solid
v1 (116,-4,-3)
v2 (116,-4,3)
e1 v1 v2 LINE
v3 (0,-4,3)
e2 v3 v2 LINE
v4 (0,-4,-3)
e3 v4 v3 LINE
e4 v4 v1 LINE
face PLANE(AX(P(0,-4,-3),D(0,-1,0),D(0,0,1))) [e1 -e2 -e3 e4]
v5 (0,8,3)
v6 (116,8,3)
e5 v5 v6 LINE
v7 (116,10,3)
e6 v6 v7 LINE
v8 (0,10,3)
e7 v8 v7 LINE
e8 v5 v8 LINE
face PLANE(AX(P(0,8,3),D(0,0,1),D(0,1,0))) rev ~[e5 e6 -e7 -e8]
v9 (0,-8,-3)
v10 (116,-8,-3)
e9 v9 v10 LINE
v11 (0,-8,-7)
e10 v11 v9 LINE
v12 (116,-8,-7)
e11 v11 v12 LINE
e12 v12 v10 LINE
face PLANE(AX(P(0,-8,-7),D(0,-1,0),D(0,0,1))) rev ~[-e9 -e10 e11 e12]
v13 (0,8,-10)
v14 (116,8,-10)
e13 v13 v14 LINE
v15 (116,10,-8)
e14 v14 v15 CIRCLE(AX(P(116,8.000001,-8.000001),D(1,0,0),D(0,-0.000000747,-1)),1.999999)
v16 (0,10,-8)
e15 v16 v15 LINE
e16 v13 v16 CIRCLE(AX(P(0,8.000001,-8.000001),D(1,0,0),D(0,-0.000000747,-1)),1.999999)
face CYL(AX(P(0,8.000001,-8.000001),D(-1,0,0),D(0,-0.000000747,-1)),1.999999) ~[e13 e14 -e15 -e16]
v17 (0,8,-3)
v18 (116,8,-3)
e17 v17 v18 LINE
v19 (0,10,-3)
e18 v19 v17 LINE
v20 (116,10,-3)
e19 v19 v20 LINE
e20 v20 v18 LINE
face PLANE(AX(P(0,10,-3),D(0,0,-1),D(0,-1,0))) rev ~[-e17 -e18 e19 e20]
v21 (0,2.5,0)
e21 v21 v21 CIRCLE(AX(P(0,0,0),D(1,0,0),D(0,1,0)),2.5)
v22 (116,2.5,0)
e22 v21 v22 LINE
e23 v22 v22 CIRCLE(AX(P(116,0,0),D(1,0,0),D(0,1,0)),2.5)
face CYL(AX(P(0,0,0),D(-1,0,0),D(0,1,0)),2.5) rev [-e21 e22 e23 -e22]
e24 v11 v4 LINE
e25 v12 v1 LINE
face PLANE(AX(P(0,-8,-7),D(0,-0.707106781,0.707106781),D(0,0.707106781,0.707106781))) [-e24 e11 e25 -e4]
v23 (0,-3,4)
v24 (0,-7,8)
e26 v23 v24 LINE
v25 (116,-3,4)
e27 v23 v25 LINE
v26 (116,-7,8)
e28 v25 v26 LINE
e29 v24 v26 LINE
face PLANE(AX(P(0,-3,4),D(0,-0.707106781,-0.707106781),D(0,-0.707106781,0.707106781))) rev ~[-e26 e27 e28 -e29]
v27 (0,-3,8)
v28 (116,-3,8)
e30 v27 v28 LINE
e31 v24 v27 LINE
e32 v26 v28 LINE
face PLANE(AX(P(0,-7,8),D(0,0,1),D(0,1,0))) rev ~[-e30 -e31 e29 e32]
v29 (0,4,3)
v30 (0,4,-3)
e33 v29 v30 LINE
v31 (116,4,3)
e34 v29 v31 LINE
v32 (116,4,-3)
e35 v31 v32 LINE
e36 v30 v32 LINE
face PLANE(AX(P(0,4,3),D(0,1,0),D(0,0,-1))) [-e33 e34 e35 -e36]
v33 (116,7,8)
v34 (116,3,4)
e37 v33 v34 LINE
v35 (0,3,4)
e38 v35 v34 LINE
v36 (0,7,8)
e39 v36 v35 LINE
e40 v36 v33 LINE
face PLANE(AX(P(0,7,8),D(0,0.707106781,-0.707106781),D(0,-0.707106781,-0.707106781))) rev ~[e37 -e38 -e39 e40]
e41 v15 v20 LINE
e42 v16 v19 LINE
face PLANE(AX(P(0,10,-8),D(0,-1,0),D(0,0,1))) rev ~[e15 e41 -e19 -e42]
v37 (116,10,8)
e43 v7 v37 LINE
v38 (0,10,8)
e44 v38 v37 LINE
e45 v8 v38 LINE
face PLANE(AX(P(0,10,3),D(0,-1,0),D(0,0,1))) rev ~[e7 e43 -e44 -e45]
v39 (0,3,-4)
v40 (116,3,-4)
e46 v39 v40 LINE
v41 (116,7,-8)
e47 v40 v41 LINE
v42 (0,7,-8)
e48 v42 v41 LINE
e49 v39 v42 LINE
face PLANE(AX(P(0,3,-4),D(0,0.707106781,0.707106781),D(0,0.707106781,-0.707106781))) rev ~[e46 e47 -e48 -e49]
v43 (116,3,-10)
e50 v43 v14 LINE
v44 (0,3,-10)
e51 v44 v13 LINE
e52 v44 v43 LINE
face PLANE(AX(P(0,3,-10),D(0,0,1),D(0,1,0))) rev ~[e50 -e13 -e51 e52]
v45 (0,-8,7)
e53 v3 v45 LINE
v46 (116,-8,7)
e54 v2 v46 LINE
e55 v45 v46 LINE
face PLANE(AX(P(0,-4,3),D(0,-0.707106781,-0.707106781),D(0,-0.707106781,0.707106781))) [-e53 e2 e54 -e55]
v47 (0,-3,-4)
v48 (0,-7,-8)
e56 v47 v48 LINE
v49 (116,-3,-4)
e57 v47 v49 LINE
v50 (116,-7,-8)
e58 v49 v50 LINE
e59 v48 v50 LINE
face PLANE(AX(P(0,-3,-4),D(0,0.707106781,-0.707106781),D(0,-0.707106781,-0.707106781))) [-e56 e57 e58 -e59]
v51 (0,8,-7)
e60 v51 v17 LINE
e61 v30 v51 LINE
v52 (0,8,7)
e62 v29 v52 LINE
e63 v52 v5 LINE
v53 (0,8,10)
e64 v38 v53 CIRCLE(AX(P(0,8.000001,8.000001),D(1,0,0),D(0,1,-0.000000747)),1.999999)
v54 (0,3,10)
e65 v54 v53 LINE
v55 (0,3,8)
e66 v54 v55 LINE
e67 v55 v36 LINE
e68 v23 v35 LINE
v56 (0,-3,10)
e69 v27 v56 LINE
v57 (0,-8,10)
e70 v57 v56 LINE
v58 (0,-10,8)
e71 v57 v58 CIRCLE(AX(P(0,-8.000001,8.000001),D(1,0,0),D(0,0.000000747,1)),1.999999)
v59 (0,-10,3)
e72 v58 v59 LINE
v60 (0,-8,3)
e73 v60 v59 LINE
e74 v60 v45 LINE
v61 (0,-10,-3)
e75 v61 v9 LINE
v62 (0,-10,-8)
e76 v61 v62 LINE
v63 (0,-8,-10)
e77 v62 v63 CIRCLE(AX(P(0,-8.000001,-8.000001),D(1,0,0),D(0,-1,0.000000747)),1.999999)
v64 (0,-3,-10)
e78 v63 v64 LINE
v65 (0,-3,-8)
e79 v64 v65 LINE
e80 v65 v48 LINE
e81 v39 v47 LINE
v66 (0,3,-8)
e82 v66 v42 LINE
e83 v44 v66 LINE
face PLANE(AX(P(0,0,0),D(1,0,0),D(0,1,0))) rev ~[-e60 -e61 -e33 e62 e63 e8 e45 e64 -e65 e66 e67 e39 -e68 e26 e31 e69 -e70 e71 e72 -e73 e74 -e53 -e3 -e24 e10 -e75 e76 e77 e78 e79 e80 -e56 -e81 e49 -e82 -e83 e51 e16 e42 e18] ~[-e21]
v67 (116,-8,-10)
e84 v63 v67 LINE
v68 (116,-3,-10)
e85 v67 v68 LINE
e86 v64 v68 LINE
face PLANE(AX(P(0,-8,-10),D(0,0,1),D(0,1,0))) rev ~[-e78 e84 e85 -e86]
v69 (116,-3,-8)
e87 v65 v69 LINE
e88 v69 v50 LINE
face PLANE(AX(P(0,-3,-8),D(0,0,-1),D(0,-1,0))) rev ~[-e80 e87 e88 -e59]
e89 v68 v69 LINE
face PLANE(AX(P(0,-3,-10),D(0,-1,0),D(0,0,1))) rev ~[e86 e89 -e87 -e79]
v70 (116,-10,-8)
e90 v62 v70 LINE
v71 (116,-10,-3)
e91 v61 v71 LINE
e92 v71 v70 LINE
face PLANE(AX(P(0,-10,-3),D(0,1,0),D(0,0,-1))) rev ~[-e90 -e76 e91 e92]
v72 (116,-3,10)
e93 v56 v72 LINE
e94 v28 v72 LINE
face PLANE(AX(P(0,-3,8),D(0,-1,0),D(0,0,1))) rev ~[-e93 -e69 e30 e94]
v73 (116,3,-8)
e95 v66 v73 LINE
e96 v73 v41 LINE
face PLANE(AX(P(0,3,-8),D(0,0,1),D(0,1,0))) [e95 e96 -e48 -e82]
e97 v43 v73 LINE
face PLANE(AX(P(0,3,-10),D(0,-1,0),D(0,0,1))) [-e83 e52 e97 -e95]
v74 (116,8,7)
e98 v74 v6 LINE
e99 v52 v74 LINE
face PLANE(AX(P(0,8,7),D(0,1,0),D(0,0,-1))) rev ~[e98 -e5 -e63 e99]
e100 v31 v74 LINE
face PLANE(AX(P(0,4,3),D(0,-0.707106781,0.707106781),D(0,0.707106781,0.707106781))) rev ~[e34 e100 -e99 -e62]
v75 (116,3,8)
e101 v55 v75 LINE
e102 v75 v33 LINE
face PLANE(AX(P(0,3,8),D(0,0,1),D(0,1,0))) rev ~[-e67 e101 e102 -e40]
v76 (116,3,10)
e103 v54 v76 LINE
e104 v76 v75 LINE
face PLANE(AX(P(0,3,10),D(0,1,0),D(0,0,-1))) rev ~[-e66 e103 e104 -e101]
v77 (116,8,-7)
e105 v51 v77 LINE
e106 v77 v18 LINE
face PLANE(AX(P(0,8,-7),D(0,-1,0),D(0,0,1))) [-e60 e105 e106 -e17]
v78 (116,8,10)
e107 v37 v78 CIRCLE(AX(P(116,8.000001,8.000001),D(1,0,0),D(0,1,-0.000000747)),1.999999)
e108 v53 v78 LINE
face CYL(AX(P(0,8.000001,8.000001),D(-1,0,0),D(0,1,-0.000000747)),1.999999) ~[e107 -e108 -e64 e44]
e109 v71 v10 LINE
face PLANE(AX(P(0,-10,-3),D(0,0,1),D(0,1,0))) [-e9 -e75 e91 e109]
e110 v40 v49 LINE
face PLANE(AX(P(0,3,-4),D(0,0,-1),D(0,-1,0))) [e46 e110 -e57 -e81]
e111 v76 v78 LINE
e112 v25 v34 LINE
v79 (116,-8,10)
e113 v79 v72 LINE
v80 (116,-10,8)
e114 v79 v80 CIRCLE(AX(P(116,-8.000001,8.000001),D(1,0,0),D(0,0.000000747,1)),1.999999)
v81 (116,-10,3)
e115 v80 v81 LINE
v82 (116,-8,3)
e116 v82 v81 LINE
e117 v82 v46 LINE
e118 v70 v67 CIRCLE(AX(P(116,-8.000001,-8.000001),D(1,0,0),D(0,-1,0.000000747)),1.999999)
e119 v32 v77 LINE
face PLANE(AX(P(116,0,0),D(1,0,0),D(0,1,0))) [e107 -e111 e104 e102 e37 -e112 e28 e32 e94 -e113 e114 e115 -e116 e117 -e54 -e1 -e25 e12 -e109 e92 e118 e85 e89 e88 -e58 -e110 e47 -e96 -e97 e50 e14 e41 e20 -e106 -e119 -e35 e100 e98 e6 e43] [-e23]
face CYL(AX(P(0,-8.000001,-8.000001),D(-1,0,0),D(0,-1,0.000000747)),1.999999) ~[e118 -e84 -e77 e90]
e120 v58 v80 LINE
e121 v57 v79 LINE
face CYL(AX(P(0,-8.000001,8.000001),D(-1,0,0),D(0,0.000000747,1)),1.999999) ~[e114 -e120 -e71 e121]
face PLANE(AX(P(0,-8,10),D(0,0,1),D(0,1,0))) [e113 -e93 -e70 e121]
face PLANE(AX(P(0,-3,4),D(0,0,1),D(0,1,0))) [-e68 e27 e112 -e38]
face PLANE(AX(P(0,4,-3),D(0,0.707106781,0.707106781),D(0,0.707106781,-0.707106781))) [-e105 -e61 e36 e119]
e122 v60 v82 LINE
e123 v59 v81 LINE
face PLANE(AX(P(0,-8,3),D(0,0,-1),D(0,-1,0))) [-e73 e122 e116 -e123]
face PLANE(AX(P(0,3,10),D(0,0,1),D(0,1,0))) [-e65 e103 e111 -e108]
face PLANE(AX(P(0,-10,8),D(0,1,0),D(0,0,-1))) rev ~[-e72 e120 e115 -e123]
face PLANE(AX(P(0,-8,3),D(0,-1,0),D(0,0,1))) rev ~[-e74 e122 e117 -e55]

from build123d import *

# Parameters (mm, degrees)
SKETCH_R  = 2.5
PAD_DEPTH = 116


with BuildPart() as part:
    # Sketch → Pad (new body)
    with BuildSketch(Plane.YZ):
        with BuildLine():
            ThreePointArc((-8, 10), (-9.414214, 9.414214), (-10, 8))
            Line((-10, 8), (-10, 3))
            Line((-8, 3), (-10, 3))
            Line((-8, 3), (-8, 7))
            Line((-4, 3), (-8, 7))
            Line((-4, -3), (-4, 3))
            Line((-8, -7), (-4, -3))
            Line((-8, -7), (-8, -3))
            Line((-10, -3), (-8, -3))
            Line((-10, -3), (-10, -8))
            ThreePointArc((-10, -8), (-9.414214, -9.414214), (-8, -10))
            Line((-8, -10), (-3, -10))
            Line((-3, -10), (-3, -8))
            Line((-3, -8), (-7, -8))
            Line((-3, -4), (-7, -8))
            Line((3, -4), (-3, -4))
            Line((3, -4), (7, -8))
            Line((3, -8), (7, -8))
            Line((3, -10), (3, -8))
            Line((3, -10), (8, -10))
            ThreePointArc((8, -10), (9.414214, -9.414214), (10, -8))
            Line((10, -8), (10, -3))
            Line((10, -3), (8, -3))
            Line((8, -7), (8, -3))
            Line((4, -3), (8, -7))
            Line((4, 3), (4, -3))
            Line((4, 3), (8, 7))
            Line((8, 7), (8, 3))
            Line((8, 3), (10, 3))
            Line((10, 3), (10, 8))
            ThreePointArc((10, 8), (9.414214, 9.414214), (8, 10))
            Line((3, 10), (8, 10))
            Line((3, 10), (3, 8))
            Line((3, 8), (7, 8))
            Line((7, 8), (3, 4))
            Line((-3, 4), (3, 4))
            Line((-3, 4), (-7, 8))
            Line((-7, 8), (-3, 8))
            Line((-3, 8), (-3, 10))
            Line((-8, 10), (-3, 10))
        make_face()
        Circle(SKETCH_R, mode=Mode.SUBTRACT)
    extrude(amount=PAD_DEPTH)


solid = part.part
